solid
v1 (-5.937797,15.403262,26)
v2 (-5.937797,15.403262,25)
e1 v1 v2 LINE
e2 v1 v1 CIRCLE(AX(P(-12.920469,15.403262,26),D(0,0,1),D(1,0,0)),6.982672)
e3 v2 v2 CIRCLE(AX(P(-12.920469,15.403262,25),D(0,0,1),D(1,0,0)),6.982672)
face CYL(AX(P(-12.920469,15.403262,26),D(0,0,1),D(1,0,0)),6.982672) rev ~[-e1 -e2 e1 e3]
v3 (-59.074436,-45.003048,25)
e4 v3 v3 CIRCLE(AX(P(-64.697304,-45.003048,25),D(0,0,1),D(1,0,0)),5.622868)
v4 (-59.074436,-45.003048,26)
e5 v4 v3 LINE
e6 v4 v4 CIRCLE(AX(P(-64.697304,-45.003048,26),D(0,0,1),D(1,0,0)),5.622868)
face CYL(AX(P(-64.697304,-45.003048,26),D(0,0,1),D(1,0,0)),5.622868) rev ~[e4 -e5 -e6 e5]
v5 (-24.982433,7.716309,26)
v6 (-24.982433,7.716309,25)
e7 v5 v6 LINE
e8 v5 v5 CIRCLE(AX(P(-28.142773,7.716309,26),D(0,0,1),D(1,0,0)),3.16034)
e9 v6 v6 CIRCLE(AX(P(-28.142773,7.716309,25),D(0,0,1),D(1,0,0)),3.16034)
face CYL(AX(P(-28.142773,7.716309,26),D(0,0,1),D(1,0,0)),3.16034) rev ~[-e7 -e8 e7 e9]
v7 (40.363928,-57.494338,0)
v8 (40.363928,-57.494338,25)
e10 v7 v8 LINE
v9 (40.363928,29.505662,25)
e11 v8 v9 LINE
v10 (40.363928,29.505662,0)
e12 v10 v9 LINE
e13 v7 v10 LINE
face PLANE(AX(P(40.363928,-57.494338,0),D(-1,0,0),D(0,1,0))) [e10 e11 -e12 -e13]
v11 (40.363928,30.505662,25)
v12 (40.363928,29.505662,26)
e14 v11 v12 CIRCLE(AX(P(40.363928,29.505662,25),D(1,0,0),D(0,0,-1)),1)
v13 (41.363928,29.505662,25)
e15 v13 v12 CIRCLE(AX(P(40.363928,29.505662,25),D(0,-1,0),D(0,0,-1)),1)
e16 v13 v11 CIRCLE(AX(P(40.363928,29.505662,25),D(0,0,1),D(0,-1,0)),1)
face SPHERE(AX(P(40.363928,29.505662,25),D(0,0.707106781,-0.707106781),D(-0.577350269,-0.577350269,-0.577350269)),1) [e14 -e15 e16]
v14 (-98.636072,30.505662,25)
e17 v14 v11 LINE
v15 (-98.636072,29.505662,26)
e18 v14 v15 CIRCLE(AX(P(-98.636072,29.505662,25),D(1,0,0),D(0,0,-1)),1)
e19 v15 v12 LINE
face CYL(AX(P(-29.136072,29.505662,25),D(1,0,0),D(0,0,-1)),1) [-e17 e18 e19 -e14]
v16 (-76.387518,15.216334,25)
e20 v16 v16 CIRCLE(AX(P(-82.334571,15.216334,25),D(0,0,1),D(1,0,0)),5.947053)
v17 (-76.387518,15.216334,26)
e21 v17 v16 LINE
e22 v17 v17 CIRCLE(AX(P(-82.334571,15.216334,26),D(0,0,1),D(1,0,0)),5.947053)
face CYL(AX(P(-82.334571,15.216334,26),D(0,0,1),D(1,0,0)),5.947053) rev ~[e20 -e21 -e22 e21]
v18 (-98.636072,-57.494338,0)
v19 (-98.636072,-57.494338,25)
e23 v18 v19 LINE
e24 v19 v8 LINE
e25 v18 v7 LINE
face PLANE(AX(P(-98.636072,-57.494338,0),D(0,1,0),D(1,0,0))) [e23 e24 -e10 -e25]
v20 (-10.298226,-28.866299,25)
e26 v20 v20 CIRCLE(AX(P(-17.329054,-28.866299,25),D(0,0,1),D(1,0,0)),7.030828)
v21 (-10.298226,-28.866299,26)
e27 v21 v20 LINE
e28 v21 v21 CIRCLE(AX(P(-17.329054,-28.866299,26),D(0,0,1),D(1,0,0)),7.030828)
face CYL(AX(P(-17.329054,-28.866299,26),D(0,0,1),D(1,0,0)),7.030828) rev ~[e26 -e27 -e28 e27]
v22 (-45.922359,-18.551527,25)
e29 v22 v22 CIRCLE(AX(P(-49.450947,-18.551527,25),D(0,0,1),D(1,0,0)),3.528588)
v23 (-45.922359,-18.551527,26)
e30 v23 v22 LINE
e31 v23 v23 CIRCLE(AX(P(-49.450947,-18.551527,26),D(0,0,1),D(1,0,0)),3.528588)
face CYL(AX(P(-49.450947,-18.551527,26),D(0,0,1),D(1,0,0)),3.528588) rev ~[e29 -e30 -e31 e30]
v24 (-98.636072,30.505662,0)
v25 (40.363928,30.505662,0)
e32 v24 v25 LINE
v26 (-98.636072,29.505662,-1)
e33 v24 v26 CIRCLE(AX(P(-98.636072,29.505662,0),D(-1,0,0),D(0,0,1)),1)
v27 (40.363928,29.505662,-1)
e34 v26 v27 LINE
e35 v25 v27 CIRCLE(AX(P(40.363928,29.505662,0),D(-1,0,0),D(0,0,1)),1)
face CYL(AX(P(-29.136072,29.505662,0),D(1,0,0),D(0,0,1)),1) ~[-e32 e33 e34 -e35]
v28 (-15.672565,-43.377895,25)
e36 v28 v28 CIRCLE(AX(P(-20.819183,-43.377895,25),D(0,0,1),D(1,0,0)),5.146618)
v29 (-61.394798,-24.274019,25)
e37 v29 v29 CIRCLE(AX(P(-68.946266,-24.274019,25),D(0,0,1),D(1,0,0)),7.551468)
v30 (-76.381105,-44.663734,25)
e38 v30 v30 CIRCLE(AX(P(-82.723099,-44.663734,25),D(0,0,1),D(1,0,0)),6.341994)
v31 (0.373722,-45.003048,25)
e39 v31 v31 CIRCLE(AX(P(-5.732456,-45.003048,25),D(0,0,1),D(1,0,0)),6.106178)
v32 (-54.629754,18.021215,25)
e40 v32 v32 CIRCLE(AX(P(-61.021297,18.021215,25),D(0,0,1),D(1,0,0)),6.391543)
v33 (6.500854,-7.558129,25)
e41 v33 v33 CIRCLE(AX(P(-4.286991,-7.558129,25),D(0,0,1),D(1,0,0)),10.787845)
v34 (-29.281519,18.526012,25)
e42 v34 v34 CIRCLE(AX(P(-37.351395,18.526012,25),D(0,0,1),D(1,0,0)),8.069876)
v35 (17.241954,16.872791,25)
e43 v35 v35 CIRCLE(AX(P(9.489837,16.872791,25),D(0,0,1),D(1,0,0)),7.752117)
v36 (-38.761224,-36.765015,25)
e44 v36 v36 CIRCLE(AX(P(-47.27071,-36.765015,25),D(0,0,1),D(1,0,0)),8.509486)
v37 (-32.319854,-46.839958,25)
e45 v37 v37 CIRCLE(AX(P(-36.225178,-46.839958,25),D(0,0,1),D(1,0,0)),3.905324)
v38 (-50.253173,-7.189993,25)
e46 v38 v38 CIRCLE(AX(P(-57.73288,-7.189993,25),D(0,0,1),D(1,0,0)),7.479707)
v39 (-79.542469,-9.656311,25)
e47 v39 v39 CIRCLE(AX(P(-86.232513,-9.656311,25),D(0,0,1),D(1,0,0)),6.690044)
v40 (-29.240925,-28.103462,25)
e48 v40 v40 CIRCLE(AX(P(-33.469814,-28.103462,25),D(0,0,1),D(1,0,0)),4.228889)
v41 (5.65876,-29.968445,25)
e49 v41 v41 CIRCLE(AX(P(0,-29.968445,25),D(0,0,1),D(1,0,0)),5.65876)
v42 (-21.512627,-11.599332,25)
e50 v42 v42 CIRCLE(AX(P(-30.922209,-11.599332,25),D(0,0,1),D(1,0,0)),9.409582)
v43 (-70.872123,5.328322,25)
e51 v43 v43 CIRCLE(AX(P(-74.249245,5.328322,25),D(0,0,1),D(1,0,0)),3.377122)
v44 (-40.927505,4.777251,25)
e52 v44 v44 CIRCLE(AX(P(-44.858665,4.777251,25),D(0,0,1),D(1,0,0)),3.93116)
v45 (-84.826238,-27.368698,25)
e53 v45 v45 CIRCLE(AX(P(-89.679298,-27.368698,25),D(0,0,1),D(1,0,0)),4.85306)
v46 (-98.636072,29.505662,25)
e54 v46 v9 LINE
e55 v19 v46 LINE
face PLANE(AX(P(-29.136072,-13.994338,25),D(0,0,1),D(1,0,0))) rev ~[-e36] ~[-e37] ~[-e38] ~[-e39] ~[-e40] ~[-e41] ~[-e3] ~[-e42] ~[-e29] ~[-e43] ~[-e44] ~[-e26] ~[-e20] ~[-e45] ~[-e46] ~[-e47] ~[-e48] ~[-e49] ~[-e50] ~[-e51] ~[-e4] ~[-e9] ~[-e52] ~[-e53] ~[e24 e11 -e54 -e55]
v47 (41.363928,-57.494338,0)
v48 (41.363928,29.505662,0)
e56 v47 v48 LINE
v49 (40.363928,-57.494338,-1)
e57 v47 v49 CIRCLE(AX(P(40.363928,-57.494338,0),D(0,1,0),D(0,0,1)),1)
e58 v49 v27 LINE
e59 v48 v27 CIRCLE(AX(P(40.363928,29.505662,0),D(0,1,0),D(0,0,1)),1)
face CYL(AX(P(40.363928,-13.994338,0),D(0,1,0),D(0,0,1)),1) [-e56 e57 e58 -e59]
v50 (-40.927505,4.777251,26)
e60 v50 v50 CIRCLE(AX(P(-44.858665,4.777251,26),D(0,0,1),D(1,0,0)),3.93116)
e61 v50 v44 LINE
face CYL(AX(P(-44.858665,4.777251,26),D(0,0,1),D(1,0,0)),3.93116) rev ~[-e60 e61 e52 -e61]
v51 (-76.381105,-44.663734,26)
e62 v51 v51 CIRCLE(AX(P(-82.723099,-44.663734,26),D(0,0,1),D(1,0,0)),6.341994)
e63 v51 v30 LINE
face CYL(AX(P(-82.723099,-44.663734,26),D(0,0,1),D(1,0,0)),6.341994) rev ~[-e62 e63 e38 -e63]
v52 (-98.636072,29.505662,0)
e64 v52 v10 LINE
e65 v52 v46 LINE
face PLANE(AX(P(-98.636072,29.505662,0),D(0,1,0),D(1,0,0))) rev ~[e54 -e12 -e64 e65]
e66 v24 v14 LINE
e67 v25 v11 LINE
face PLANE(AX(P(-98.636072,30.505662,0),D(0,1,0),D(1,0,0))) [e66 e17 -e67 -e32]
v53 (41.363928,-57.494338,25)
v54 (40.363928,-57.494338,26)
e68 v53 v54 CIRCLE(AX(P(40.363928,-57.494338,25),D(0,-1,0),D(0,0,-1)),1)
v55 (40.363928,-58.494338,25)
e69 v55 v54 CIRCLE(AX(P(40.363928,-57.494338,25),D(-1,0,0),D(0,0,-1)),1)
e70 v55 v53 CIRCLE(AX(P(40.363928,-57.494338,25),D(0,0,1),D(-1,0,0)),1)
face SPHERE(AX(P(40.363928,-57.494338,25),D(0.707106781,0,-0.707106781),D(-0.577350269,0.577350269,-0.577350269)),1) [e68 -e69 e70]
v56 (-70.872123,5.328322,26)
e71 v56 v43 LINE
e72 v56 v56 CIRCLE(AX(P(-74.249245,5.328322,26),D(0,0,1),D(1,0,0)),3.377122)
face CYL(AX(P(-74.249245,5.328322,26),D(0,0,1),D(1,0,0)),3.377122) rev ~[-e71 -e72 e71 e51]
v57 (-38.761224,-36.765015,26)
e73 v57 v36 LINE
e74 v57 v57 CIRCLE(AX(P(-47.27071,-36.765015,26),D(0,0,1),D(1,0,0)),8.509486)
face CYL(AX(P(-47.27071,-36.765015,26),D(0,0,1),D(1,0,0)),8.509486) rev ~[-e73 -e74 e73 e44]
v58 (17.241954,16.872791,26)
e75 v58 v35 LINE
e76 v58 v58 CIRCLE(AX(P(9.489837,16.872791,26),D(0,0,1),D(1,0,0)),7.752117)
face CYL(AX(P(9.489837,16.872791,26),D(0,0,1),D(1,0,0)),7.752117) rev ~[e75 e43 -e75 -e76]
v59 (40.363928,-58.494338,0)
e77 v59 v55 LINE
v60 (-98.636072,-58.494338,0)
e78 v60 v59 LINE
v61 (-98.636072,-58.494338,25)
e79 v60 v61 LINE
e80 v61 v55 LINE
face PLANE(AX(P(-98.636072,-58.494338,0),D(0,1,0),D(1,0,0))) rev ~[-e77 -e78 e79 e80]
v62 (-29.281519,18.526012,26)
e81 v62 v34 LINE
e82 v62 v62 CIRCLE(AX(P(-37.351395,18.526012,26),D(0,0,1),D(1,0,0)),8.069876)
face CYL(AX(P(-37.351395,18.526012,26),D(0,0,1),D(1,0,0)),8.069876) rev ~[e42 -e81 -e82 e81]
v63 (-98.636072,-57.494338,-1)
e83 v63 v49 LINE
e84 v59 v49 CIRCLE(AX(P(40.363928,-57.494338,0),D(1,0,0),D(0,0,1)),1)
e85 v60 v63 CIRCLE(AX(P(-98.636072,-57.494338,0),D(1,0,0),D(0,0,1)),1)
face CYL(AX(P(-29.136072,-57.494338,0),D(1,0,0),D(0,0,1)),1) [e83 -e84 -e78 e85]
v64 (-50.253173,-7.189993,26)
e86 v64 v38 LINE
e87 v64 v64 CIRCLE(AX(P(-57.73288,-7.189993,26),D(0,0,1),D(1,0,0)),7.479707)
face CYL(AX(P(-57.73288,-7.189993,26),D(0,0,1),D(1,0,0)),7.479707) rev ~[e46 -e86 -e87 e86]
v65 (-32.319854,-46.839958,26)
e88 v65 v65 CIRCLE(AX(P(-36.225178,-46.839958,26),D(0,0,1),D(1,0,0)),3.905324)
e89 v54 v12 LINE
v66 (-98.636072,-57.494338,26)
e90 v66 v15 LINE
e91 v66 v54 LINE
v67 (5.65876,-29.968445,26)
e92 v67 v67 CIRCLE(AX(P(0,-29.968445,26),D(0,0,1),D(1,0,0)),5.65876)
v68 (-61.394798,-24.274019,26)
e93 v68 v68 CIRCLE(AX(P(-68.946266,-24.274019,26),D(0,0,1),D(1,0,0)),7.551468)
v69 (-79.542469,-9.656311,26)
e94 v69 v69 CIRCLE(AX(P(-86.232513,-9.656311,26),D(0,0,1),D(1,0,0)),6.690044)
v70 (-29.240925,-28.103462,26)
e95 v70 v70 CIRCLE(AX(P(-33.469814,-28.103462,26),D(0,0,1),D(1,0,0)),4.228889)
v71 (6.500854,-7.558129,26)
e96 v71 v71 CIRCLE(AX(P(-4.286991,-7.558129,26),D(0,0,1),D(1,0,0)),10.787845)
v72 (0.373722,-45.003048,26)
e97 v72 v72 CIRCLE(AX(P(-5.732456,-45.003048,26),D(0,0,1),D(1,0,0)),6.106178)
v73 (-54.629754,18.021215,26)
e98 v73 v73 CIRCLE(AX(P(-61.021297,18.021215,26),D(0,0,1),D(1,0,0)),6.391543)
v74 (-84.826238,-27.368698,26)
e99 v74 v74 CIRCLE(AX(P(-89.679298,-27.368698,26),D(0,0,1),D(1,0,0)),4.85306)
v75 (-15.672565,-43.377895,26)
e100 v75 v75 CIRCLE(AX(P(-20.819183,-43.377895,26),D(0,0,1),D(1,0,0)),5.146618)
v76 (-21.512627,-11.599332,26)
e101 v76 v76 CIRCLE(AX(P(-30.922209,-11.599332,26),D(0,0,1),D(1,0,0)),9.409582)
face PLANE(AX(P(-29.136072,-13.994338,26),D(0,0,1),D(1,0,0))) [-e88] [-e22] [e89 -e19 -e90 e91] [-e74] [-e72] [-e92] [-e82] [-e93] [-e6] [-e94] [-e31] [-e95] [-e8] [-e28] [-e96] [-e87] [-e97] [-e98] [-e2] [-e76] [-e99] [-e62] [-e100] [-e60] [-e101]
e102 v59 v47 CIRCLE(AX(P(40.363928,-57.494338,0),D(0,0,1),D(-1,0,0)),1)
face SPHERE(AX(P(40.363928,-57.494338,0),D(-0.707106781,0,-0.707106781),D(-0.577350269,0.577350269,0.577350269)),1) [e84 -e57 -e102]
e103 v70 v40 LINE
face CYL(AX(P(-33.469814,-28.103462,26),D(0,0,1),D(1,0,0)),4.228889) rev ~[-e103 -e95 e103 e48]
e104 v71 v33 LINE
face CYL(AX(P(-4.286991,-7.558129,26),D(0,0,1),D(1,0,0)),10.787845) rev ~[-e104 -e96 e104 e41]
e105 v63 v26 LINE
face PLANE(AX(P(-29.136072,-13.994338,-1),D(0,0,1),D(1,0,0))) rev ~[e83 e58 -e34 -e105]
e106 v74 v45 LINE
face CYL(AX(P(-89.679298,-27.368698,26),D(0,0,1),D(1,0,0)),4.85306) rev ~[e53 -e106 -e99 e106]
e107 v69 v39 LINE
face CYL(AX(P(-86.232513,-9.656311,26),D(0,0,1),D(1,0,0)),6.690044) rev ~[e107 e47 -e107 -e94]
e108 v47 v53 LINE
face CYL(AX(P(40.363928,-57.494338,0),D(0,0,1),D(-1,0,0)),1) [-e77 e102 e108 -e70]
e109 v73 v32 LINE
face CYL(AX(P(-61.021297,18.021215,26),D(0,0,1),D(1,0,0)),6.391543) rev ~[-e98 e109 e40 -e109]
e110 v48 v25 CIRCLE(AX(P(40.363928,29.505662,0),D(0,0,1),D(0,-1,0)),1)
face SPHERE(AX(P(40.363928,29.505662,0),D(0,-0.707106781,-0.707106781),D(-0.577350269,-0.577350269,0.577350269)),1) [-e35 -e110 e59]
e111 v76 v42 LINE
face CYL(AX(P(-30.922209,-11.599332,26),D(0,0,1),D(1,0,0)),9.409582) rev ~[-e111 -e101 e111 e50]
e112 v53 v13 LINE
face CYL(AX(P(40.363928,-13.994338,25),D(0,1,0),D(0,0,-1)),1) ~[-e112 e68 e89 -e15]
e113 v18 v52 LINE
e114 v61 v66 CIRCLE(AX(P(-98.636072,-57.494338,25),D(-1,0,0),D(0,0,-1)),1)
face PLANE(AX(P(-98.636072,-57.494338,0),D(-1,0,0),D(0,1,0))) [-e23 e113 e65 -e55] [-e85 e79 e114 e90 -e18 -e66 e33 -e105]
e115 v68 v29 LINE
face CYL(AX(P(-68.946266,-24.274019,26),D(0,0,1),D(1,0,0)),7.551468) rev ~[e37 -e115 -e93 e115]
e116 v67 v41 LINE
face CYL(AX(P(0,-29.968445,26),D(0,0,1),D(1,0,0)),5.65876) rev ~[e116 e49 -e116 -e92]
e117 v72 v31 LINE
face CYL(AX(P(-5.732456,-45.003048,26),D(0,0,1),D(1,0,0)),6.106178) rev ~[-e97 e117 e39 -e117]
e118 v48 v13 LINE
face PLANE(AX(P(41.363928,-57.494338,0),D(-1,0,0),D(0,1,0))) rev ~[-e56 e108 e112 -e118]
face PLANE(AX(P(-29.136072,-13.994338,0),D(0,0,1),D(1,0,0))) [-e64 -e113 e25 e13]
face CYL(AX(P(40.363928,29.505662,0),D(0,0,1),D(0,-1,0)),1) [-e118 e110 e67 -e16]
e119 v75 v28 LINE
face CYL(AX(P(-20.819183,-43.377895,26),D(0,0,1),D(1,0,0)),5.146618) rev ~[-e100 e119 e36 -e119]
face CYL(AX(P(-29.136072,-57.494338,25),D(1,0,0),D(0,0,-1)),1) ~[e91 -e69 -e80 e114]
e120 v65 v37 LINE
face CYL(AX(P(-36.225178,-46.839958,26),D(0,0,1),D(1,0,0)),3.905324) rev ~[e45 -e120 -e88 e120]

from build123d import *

# Parameters (mm, degrees)
SKETCH001_W    = 139
SKETCH001_H    = 87
PAD_DEPTH      = 25
THICKNESS_T    = 1
SKETCH002_R    = 5.947053
SKETCH002_R_2  = 6.391543
SKETCH002_R_3  = 7.479707
SKETCH002_R_4  = 6.690044
SKETCH002_R_5  = 7.551468
SKETCH002_R_6  = 6.341994
SKETCH002_R_7  = 8.509486
SKETCH002_R_8  = 9.409582
SKETCH002_R_9  = 8.069876
SKETCH002_R_10 = 7.030828
SKETCH002_R_11 = 5.146618
SKETCH002_R_12 = 6.982672
SKETCH002_R_13 = 7.752117
SKETCH002_R_14 = 10.787845
SKETCH002_R_15 = 5.65876
SKETCH002_R_16 = 3.93116
SKETCH002_R_17 = 3.377122
SKETCH002_R_18 = 5.622868
SKETCH002_R_19 = 3.905324
SKETCH002_R_20 = 4.228889
SKETCH002_R_21 = 3.528588
SKETCH002_R_22 = 3.16034
SKETCH002_R_23 = 6.106178
SKETCH002_R_24 = 4.85306
POCKET_DEPTH   = 5


with BuildPart() as part:
    # Sketch001 → Pad (new body)
    with BuildSketch(Plane.XY):
        with Locations((-29.136072, -13.994338)):
            Rectangle(SKETCH001_W, SKETCH001_H)
    extrude(amount=PAD_DEPTH)

    # Thickness
    thickness_openings = [part.faces().sort_by_distance(p)[0] for p in [
        (-98.636072, -13.994338, 12.5),
    ]]
    offset(amount=THICKNESS_T, openings=thickness_openings)

    # Sketch002 (on Face14 of Thickness) → Pocket (cut)
    with BuildSketch(Plane.XY.offset(26)):
        with Locations((-82.334571, 15.216334)):
            Circle(SKETCH002_R)
        with Locations((-61.021297, 18.021215)):
            Circle(SKETCH002_R_2)
        with Locations((-57.73288, -7.189993)):
            Circle(SKETCH002_R_3)
        with Locations((-86.232513, -9.656311)):
            Circle(SKETCH002_R_4)
        with Locations((-68.946266, -24.274019)):
            Circle(SKETCH002_R_5)
        with Locations((-82.723099, -44.663734)):
            Circle(SKETCH002_R_6)
        with Locations((-47.27071, -36.765015)):
            Circle(SKETCH002_R_7)
        with Locations((-30.922209, -11.599332)):
            Circle(SKETCH002_R_8)
        with Locations((-37.351395, 18.526012)):
            Circle(SKETCH002_R_9)
        with Locations((-17.329054, -28.866299)):
            Circle(SKETCH002_R_10)
        with Locations((-20.819183, -43.377895)):
            Circle(SKETCH002_R_11)
        with Locations((-12.920469, 15.403262)):
            Circle(SKETCH002_R_12)
        with Locations((9.489837, 16.872791)):
            Circle(SKETCH002_R_13)
        with Locations((-4.286991, -7.558129)):
            Circle(SKETCH002_R_14)
        with Locations((0, -29.968445)):
            Circle(SKETCH002_R_15)
        with Locations((-44.858665, 4.777251)):
            Circle(SKETCH002_R_16)
        with Locations((-74.249245, 5.328322)):
            Circle(SKETCH002_R_17)
        with Locations((-64.697304, -45.003048)):
            Circle(SKETCH002_R_18)
        with Locations((-36.225178, -46.839958)):
            Circle(SKETCH002_R_19)
        with Locations((-33.469814, -28.103462)):
            Circle(SKETCH002_R_20)
        with Locations((-49.450947, -18.551527)):
            Circle(SKETCH002_R_21)
        with Locations((-28.142773, 7.716309)):
            Circle(SKETCH002_R_22)
        with Locations((-5.732456, -45.003048)):
            Circle(SKETCH002_R_23)
        with Locations((-89.679298, -27.368698)):
            Circle(SKETCH002_R_24)
    extrude(amount=-POCKET_DEPTH, mode=Mode.SUBTRACT)


solid = part.part
